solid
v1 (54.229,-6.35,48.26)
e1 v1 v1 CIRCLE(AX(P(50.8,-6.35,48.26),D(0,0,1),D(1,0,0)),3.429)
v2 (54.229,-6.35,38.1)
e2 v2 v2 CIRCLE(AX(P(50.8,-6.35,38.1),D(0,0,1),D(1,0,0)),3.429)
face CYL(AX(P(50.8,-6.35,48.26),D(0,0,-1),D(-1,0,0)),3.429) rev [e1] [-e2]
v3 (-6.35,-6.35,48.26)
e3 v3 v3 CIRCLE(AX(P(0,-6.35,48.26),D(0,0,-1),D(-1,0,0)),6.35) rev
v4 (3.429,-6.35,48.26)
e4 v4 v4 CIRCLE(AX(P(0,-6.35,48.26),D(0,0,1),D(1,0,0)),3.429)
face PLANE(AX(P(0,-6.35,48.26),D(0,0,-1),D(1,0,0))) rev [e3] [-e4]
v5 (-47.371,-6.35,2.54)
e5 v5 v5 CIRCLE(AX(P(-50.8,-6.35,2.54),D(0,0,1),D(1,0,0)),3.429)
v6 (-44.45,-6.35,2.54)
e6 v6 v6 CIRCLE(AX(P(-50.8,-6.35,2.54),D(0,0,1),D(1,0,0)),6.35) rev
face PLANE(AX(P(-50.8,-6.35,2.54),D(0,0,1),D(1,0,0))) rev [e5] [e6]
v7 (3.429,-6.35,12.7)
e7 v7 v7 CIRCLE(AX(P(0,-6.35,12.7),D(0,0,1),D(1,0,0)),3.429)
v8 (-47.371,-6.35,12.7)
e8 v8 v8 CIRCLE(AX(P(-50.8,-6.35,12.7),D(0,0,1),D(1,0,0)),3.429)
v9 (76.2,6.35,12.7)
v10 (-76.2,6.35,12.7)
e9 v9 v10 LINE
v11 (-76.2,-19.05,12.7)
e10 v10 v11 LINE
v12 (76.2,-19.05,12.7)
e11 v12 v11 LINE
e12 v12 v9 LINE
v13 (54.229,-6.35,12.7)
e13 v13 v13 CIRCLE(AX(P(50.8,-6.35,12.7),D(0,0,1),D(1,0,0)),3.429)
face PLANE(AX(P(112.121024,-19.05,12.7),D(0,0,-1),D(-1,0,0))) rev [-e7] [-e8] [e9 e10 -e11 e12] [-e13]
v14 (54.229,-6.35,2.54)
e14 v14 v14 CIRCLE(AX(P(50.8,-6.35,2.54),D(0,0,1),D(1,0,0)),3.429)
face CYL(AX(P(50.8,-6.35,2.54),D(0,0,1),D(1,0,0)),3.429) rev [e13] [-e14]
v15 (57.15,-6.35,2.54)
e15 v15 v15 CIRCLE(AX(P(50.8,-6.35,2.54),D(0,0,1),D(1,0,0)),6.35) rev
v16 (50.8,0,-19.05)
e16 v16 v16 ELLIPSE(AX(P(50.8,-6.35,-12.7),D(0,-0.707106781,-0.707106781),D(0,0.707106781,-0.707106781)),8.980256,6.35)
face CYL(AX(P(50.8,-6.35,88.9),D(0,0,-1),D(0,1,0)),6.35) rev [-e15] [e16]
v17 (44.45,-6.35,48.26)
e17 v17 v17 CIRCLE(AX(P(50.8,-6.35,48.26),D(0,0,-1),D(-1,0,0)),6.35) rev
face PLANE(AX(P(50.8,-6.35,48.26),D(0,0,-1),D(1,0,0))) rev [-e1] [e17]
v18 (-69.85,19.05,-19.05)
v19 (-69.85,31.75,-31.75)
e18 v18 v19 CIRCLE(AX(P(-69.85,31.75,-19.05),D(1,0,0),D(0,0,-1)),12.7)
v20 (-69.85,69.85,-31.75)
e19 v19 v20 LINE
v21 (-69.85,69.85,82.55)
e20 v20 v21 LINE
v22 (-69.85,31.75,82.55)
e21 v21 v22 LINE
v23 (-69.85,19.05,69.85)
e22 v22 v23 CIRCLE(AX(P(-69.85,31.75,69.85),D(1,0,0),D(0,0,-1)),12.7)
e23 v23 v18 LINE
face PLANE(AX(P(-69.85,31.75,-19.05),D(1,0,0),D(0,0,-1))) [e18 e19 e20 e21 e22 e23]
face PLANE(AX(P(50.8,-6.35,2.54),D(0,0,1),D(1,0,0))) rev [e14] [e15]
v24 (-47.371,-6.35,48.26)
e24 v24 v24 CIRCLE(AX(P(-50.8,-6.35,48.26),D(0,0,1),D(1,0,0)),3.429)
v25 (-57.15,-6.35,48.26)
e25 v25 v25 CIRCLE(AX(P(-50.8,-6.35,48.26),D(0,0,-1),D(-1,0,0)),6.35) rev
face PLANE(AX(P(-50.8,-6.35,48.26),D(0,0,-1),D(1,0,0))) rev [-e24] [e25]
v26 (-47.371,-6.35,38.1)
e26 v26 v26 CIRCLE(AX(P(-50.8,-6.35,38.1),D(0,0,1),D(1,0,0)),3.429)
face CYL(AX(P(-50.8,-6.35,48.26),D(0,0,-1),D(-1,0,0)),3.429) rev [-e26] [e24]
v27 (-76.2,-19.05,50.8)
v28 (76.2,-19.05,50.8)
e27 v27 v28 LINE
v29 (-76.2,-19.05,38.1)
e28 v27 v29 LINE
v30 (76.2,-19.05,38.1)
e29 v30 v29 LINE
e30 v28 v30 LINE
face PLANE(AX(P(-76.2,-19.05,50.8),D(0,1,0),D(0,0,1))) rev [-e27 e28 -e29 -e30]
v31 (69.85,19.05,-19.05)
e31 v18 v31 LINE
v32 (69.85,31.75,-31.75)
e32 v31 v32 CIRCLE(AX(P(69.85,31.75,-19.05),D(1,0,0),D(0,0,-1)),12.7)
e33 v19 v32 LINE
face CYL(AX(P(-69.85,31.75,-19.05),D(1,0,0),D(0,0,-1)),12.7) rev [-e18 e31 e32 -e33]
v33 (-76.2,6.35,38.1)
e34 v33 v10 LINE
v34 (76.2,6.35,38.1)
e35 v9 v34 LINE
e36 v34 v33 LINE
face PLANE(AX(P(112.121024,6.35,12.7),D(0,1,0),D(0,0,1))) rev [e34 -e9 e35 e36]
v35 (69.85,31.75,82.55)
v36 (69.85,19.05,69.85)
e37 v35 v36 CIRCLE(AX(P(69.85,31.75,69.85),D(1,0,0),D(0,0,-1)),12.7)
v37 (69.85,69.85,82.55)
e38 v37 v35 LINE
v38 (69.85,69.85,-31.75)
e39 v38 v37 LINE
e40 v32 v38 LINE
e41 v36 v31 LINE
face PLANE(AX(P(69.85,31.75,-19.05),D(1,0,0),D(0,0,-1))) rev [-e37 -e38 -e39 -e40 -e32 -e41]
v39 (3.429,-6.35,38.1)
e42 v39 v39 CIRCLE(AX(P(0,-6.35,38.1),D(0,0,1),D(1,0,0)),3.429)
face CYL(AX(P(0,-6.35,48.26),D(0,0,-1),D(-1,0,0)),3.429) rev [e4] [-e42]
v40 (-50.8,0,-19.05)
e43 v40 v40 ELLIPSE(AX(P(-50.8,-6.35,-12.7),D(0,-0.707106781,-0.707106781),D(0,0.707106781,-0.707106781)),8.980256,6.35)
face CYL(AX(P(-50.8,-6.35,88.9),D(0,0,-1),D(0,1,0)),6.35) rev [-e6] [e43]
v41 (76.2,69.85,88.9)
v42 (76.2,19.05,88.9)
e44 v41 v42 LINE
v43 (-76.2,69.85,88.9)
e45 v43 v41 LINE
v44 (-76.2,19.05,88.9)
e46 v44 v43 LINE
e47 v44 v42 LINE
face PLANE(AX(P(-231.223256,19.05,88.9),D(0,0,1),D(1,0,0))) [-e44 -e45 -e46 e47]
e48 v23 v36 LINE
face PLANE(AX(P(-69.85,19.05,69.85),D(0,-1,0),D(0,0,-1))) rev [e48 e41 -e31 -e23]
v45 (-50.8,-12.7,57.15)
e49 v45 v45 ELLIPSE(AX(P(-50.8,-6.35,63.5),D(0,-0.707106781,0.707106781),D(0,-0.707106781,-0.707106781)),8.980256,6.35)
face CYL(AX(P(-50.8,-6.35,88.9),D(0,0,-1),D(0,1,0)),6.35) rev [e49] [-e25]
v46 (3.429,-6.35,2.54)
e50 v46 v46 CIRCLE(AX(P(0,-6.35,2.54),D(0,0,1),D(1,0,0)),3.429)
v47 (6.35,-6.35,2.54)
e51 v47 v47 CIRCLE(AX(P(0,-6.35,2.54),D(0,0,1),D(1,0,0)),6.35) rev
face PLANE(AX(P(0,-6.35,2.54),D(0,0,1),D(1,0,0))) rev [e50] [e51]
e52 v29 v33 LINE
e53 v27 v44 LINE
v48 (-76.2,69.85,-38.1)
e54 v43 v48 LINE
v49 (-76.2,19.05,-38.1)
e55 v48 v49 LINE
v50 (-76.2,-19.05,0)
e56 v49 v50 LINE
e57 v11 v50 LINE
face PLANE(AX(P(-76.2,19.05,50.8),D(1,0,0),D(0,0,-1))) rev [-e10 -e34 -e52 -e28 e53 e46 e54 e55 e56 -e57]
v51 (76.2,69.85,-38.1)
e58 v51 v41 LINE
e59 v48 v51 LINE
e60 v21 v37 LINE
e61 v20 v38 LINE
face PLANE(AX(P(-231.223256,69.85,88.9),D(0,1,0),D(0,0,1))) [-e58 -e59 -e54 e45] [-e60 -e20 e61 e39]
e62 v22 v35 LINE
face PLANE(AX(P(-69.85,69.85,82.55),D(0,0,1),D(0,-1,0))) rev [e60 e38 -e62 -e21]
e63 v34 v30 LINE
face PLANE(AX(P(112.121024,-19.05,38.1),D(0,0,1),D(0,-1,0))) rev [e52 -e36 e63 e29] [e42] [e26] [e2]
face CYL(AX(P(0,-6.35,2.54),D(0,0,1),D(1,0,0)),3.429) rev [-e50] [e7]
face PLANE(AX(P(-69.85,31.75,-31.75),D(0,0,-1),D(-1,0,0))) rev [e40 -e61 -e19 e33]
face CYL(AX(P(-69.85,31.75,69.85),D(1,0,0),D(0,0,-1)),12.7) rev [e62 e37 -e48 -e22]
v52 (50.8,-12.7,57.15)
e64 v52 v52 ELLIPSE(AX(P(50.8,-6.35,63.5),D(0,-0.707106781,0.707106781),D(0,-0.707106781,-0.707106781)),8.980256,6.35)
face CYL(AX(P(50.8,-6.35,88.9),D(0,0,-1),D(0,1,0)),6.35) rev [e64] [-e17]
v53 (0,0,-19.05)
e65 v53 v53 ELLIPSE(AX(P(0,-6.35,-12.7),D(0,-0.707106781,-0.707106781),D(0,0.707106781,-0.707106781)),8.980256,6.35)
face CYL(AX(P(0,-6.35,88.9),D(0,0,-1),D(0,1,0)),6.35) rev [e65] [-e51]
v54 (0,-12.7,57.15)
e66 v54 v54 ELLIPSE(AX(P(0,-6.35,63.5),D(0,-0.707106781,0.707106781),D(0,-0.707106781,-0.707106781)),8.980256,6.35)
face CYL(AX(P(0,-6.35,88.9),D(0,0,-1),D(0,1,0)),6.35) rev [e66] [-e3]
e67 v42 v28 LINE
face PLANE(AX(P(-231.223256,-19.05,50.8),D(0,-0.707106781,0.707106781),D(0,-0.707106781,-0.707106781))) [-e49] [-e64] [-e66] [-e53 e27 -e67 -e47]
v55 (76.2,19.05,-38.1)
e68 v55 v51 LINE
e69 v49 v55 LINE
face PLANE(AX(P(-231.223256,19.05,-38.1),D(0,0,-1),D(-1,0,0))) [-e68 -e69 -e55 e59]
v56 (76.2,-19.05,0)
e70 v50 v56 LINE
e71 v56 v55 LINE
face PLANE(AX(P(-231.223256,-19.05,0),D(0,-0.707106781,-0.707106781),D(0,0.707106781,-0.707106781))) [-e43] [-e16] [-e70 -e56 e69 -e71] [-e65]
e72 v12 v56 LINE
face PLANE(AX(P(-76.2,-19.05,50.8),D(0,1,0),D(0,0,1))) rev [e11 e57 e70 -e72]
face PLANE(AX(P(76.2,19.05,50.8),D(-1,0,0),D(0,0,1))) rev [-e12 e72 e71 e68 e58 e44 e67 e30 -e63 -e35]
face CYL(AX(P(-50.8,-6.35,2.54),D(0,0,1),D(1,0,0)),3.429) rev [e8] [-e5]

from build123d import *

# Parameters (mm, degrees)
SKETCH1_W               = 152.4
SKETCH1_H               = 38.1
BOSS_EXTRUDE1_DEPTH     = 50.8
SKETCH2_W               = 25.4
SKETCH2_H               = 25.4
CUT_EXTRUDE1_DEPTH      = 152.4
BOSS_EXTRUDE2_DEPTH     = 152.4
CUT_EXTRUDE3_DEPTH      = 129.420802443
CUT_EXTRUDE3_DEPTH_BACK = 129.420802443
SKETCH6_R               = 6.35
SKETCH10_R              = 6.35
SKETCH10_R_2            = 3.429
BOSS_EXTRUDE3_DEPTH     = 10.16
CUT_EXTRUDE4_DEPTH      = 69.85


with BuildPart() as part:
    # Sketch1 → Boss-Extrude1 (new body)
    with BuildSketch(Plane.XY):
        Rectangle(SKETCH1_W, SKETCH1_H)
    extrude(amount=BOSS_EXTRUDE1_DEPTH)

    # Sketch2 → Cut-Extrude1 (cut)
    with BuildSketch(Plane.ZY.offset(76.2)):
        with Locations((25.4, -6.35)):
            Rectangle(SKETCH2_W, SKETCH2_H)
    extrude(amount=-CUT_EXTRUDE1_DEPTH, mode=Mode.SUBTRACT)

    # Sketch5 → Boss-Extrude2 (add)
    with BuildSketch(Plane(origin=(76.2, 0, 0), x_dir=(0, 0, -1), z_dir=(1, 0, 0))):
        Polygon((0, -19.05), (38.1, 19.05), (38.1, 69.85), (-88.9, 69.85), (-88.9, 19.05), (-50.8, -19.05), (-50.8, 19.05), (0, 19.05), align=None)
    extrude(amount=-BOSS_EXTRUDE2_DEPTH)

    # Sketch6 → Cut-Extrude3 (cut, two sides: drawn at the far end of the back side and taken through both)
    with BuildSketch(Plane(origin=(0, 0, 38.1), x_dir=(-1, 0, 0), z_dir=(0, 0, -1)).offset(-CUT_EXTRUDE3_DEPTH_BACK)):
        with Locations(Location((0, -6.35, 0), (0, 0, 90))):
            Circle(SKETCH6_R)
        with Locations(Location((-50.8, -6.35, 0), (0, 0, 90))):
            Circle(SKETCH6_R)
        with Locations(Location((50.8, -6.35, 0), (0, 0, 90))):
            Circle(SKETCH6_R)
    extrude(amount=CUT_EXTRUDE3_DEPTH + CUT_EXTRUDE3_DEPTH_BACK, mode=Mode.SUBTRACT)

    # Sketch10 → Boss-Extrude3 (add)
    # profile 1 of 3: a face of its own
    with BuildSketch(Plane.XY.offset(12.7)):
        with Locations(Location((-50.8, -6.35, 0), (0, 0, 90))):
            Circle(SKETCH10_R)
        with Locations((-50.8, -6.35)):
            Circle(SKETCH10_R_2, mode=Mode.SUBTRACT)
    # profile 2 of 3: a face of its own
    with BuildSketch(Plane.XY.offset(12.7)):
        with Locations(Location((0, -6.35, 0), (0, 0, 90))):
            Circle(SKETCH10_R)
        with Locations((0, -6.35)):
            Circle(SKETCH10_R_2, mode=Mode.SUBTRACT)
    # profile 3 of 3: a face of its own
    with BuildSketch(Plane.XY.offset(12.7)):
        with Locations(Location((50.8, -6.35, 0), (0, 0, 90))):
            Circle(SKETCH10_R)
        with Locations((50.8, -6.35)):
            Circle(SKETCH10_R_2, mode=Mode.SUBTRACT)
    boss_extrude3 = extrude(amount=-BOSS_EXTRUDE3_DEPTH)

    # Sketch11 → Cut-Extrude4 (cut, symmetric)
    with BuildSketch(Plane(origin=(0, 0, 0), x_dir=(0, 0, -1), z_dir=(1, 0, 0))):
        with BuildLine():
            Line((-82.55, 69.85), (-82.55, 31.75))
            ThreePointArc((-82.55, 31.75), (-78.830256121, 22.769743879), (-69.85, 19.05))
            Line((-69.85, 19.05), (19.05, 19.05))
            ThreePointArc((19.05, 19.05), (28.030256121, 22.769743879), (31.75, 31.75))
            Line((31.75, 31.75), (31.75, 69.85))
            Line((31.75, 69.85), (-82.55, 69.85))
        make_face()
    extrude(amount=CUT_EXTRUDE4_DEPTH, both=True, mode=Mode.SUBTRACT)

    # Mirror1: Boss-Extrude3 across plane
    add(boss_extrude3.mirror(Plane.XY.offset(25.4)))


solid = part.part
